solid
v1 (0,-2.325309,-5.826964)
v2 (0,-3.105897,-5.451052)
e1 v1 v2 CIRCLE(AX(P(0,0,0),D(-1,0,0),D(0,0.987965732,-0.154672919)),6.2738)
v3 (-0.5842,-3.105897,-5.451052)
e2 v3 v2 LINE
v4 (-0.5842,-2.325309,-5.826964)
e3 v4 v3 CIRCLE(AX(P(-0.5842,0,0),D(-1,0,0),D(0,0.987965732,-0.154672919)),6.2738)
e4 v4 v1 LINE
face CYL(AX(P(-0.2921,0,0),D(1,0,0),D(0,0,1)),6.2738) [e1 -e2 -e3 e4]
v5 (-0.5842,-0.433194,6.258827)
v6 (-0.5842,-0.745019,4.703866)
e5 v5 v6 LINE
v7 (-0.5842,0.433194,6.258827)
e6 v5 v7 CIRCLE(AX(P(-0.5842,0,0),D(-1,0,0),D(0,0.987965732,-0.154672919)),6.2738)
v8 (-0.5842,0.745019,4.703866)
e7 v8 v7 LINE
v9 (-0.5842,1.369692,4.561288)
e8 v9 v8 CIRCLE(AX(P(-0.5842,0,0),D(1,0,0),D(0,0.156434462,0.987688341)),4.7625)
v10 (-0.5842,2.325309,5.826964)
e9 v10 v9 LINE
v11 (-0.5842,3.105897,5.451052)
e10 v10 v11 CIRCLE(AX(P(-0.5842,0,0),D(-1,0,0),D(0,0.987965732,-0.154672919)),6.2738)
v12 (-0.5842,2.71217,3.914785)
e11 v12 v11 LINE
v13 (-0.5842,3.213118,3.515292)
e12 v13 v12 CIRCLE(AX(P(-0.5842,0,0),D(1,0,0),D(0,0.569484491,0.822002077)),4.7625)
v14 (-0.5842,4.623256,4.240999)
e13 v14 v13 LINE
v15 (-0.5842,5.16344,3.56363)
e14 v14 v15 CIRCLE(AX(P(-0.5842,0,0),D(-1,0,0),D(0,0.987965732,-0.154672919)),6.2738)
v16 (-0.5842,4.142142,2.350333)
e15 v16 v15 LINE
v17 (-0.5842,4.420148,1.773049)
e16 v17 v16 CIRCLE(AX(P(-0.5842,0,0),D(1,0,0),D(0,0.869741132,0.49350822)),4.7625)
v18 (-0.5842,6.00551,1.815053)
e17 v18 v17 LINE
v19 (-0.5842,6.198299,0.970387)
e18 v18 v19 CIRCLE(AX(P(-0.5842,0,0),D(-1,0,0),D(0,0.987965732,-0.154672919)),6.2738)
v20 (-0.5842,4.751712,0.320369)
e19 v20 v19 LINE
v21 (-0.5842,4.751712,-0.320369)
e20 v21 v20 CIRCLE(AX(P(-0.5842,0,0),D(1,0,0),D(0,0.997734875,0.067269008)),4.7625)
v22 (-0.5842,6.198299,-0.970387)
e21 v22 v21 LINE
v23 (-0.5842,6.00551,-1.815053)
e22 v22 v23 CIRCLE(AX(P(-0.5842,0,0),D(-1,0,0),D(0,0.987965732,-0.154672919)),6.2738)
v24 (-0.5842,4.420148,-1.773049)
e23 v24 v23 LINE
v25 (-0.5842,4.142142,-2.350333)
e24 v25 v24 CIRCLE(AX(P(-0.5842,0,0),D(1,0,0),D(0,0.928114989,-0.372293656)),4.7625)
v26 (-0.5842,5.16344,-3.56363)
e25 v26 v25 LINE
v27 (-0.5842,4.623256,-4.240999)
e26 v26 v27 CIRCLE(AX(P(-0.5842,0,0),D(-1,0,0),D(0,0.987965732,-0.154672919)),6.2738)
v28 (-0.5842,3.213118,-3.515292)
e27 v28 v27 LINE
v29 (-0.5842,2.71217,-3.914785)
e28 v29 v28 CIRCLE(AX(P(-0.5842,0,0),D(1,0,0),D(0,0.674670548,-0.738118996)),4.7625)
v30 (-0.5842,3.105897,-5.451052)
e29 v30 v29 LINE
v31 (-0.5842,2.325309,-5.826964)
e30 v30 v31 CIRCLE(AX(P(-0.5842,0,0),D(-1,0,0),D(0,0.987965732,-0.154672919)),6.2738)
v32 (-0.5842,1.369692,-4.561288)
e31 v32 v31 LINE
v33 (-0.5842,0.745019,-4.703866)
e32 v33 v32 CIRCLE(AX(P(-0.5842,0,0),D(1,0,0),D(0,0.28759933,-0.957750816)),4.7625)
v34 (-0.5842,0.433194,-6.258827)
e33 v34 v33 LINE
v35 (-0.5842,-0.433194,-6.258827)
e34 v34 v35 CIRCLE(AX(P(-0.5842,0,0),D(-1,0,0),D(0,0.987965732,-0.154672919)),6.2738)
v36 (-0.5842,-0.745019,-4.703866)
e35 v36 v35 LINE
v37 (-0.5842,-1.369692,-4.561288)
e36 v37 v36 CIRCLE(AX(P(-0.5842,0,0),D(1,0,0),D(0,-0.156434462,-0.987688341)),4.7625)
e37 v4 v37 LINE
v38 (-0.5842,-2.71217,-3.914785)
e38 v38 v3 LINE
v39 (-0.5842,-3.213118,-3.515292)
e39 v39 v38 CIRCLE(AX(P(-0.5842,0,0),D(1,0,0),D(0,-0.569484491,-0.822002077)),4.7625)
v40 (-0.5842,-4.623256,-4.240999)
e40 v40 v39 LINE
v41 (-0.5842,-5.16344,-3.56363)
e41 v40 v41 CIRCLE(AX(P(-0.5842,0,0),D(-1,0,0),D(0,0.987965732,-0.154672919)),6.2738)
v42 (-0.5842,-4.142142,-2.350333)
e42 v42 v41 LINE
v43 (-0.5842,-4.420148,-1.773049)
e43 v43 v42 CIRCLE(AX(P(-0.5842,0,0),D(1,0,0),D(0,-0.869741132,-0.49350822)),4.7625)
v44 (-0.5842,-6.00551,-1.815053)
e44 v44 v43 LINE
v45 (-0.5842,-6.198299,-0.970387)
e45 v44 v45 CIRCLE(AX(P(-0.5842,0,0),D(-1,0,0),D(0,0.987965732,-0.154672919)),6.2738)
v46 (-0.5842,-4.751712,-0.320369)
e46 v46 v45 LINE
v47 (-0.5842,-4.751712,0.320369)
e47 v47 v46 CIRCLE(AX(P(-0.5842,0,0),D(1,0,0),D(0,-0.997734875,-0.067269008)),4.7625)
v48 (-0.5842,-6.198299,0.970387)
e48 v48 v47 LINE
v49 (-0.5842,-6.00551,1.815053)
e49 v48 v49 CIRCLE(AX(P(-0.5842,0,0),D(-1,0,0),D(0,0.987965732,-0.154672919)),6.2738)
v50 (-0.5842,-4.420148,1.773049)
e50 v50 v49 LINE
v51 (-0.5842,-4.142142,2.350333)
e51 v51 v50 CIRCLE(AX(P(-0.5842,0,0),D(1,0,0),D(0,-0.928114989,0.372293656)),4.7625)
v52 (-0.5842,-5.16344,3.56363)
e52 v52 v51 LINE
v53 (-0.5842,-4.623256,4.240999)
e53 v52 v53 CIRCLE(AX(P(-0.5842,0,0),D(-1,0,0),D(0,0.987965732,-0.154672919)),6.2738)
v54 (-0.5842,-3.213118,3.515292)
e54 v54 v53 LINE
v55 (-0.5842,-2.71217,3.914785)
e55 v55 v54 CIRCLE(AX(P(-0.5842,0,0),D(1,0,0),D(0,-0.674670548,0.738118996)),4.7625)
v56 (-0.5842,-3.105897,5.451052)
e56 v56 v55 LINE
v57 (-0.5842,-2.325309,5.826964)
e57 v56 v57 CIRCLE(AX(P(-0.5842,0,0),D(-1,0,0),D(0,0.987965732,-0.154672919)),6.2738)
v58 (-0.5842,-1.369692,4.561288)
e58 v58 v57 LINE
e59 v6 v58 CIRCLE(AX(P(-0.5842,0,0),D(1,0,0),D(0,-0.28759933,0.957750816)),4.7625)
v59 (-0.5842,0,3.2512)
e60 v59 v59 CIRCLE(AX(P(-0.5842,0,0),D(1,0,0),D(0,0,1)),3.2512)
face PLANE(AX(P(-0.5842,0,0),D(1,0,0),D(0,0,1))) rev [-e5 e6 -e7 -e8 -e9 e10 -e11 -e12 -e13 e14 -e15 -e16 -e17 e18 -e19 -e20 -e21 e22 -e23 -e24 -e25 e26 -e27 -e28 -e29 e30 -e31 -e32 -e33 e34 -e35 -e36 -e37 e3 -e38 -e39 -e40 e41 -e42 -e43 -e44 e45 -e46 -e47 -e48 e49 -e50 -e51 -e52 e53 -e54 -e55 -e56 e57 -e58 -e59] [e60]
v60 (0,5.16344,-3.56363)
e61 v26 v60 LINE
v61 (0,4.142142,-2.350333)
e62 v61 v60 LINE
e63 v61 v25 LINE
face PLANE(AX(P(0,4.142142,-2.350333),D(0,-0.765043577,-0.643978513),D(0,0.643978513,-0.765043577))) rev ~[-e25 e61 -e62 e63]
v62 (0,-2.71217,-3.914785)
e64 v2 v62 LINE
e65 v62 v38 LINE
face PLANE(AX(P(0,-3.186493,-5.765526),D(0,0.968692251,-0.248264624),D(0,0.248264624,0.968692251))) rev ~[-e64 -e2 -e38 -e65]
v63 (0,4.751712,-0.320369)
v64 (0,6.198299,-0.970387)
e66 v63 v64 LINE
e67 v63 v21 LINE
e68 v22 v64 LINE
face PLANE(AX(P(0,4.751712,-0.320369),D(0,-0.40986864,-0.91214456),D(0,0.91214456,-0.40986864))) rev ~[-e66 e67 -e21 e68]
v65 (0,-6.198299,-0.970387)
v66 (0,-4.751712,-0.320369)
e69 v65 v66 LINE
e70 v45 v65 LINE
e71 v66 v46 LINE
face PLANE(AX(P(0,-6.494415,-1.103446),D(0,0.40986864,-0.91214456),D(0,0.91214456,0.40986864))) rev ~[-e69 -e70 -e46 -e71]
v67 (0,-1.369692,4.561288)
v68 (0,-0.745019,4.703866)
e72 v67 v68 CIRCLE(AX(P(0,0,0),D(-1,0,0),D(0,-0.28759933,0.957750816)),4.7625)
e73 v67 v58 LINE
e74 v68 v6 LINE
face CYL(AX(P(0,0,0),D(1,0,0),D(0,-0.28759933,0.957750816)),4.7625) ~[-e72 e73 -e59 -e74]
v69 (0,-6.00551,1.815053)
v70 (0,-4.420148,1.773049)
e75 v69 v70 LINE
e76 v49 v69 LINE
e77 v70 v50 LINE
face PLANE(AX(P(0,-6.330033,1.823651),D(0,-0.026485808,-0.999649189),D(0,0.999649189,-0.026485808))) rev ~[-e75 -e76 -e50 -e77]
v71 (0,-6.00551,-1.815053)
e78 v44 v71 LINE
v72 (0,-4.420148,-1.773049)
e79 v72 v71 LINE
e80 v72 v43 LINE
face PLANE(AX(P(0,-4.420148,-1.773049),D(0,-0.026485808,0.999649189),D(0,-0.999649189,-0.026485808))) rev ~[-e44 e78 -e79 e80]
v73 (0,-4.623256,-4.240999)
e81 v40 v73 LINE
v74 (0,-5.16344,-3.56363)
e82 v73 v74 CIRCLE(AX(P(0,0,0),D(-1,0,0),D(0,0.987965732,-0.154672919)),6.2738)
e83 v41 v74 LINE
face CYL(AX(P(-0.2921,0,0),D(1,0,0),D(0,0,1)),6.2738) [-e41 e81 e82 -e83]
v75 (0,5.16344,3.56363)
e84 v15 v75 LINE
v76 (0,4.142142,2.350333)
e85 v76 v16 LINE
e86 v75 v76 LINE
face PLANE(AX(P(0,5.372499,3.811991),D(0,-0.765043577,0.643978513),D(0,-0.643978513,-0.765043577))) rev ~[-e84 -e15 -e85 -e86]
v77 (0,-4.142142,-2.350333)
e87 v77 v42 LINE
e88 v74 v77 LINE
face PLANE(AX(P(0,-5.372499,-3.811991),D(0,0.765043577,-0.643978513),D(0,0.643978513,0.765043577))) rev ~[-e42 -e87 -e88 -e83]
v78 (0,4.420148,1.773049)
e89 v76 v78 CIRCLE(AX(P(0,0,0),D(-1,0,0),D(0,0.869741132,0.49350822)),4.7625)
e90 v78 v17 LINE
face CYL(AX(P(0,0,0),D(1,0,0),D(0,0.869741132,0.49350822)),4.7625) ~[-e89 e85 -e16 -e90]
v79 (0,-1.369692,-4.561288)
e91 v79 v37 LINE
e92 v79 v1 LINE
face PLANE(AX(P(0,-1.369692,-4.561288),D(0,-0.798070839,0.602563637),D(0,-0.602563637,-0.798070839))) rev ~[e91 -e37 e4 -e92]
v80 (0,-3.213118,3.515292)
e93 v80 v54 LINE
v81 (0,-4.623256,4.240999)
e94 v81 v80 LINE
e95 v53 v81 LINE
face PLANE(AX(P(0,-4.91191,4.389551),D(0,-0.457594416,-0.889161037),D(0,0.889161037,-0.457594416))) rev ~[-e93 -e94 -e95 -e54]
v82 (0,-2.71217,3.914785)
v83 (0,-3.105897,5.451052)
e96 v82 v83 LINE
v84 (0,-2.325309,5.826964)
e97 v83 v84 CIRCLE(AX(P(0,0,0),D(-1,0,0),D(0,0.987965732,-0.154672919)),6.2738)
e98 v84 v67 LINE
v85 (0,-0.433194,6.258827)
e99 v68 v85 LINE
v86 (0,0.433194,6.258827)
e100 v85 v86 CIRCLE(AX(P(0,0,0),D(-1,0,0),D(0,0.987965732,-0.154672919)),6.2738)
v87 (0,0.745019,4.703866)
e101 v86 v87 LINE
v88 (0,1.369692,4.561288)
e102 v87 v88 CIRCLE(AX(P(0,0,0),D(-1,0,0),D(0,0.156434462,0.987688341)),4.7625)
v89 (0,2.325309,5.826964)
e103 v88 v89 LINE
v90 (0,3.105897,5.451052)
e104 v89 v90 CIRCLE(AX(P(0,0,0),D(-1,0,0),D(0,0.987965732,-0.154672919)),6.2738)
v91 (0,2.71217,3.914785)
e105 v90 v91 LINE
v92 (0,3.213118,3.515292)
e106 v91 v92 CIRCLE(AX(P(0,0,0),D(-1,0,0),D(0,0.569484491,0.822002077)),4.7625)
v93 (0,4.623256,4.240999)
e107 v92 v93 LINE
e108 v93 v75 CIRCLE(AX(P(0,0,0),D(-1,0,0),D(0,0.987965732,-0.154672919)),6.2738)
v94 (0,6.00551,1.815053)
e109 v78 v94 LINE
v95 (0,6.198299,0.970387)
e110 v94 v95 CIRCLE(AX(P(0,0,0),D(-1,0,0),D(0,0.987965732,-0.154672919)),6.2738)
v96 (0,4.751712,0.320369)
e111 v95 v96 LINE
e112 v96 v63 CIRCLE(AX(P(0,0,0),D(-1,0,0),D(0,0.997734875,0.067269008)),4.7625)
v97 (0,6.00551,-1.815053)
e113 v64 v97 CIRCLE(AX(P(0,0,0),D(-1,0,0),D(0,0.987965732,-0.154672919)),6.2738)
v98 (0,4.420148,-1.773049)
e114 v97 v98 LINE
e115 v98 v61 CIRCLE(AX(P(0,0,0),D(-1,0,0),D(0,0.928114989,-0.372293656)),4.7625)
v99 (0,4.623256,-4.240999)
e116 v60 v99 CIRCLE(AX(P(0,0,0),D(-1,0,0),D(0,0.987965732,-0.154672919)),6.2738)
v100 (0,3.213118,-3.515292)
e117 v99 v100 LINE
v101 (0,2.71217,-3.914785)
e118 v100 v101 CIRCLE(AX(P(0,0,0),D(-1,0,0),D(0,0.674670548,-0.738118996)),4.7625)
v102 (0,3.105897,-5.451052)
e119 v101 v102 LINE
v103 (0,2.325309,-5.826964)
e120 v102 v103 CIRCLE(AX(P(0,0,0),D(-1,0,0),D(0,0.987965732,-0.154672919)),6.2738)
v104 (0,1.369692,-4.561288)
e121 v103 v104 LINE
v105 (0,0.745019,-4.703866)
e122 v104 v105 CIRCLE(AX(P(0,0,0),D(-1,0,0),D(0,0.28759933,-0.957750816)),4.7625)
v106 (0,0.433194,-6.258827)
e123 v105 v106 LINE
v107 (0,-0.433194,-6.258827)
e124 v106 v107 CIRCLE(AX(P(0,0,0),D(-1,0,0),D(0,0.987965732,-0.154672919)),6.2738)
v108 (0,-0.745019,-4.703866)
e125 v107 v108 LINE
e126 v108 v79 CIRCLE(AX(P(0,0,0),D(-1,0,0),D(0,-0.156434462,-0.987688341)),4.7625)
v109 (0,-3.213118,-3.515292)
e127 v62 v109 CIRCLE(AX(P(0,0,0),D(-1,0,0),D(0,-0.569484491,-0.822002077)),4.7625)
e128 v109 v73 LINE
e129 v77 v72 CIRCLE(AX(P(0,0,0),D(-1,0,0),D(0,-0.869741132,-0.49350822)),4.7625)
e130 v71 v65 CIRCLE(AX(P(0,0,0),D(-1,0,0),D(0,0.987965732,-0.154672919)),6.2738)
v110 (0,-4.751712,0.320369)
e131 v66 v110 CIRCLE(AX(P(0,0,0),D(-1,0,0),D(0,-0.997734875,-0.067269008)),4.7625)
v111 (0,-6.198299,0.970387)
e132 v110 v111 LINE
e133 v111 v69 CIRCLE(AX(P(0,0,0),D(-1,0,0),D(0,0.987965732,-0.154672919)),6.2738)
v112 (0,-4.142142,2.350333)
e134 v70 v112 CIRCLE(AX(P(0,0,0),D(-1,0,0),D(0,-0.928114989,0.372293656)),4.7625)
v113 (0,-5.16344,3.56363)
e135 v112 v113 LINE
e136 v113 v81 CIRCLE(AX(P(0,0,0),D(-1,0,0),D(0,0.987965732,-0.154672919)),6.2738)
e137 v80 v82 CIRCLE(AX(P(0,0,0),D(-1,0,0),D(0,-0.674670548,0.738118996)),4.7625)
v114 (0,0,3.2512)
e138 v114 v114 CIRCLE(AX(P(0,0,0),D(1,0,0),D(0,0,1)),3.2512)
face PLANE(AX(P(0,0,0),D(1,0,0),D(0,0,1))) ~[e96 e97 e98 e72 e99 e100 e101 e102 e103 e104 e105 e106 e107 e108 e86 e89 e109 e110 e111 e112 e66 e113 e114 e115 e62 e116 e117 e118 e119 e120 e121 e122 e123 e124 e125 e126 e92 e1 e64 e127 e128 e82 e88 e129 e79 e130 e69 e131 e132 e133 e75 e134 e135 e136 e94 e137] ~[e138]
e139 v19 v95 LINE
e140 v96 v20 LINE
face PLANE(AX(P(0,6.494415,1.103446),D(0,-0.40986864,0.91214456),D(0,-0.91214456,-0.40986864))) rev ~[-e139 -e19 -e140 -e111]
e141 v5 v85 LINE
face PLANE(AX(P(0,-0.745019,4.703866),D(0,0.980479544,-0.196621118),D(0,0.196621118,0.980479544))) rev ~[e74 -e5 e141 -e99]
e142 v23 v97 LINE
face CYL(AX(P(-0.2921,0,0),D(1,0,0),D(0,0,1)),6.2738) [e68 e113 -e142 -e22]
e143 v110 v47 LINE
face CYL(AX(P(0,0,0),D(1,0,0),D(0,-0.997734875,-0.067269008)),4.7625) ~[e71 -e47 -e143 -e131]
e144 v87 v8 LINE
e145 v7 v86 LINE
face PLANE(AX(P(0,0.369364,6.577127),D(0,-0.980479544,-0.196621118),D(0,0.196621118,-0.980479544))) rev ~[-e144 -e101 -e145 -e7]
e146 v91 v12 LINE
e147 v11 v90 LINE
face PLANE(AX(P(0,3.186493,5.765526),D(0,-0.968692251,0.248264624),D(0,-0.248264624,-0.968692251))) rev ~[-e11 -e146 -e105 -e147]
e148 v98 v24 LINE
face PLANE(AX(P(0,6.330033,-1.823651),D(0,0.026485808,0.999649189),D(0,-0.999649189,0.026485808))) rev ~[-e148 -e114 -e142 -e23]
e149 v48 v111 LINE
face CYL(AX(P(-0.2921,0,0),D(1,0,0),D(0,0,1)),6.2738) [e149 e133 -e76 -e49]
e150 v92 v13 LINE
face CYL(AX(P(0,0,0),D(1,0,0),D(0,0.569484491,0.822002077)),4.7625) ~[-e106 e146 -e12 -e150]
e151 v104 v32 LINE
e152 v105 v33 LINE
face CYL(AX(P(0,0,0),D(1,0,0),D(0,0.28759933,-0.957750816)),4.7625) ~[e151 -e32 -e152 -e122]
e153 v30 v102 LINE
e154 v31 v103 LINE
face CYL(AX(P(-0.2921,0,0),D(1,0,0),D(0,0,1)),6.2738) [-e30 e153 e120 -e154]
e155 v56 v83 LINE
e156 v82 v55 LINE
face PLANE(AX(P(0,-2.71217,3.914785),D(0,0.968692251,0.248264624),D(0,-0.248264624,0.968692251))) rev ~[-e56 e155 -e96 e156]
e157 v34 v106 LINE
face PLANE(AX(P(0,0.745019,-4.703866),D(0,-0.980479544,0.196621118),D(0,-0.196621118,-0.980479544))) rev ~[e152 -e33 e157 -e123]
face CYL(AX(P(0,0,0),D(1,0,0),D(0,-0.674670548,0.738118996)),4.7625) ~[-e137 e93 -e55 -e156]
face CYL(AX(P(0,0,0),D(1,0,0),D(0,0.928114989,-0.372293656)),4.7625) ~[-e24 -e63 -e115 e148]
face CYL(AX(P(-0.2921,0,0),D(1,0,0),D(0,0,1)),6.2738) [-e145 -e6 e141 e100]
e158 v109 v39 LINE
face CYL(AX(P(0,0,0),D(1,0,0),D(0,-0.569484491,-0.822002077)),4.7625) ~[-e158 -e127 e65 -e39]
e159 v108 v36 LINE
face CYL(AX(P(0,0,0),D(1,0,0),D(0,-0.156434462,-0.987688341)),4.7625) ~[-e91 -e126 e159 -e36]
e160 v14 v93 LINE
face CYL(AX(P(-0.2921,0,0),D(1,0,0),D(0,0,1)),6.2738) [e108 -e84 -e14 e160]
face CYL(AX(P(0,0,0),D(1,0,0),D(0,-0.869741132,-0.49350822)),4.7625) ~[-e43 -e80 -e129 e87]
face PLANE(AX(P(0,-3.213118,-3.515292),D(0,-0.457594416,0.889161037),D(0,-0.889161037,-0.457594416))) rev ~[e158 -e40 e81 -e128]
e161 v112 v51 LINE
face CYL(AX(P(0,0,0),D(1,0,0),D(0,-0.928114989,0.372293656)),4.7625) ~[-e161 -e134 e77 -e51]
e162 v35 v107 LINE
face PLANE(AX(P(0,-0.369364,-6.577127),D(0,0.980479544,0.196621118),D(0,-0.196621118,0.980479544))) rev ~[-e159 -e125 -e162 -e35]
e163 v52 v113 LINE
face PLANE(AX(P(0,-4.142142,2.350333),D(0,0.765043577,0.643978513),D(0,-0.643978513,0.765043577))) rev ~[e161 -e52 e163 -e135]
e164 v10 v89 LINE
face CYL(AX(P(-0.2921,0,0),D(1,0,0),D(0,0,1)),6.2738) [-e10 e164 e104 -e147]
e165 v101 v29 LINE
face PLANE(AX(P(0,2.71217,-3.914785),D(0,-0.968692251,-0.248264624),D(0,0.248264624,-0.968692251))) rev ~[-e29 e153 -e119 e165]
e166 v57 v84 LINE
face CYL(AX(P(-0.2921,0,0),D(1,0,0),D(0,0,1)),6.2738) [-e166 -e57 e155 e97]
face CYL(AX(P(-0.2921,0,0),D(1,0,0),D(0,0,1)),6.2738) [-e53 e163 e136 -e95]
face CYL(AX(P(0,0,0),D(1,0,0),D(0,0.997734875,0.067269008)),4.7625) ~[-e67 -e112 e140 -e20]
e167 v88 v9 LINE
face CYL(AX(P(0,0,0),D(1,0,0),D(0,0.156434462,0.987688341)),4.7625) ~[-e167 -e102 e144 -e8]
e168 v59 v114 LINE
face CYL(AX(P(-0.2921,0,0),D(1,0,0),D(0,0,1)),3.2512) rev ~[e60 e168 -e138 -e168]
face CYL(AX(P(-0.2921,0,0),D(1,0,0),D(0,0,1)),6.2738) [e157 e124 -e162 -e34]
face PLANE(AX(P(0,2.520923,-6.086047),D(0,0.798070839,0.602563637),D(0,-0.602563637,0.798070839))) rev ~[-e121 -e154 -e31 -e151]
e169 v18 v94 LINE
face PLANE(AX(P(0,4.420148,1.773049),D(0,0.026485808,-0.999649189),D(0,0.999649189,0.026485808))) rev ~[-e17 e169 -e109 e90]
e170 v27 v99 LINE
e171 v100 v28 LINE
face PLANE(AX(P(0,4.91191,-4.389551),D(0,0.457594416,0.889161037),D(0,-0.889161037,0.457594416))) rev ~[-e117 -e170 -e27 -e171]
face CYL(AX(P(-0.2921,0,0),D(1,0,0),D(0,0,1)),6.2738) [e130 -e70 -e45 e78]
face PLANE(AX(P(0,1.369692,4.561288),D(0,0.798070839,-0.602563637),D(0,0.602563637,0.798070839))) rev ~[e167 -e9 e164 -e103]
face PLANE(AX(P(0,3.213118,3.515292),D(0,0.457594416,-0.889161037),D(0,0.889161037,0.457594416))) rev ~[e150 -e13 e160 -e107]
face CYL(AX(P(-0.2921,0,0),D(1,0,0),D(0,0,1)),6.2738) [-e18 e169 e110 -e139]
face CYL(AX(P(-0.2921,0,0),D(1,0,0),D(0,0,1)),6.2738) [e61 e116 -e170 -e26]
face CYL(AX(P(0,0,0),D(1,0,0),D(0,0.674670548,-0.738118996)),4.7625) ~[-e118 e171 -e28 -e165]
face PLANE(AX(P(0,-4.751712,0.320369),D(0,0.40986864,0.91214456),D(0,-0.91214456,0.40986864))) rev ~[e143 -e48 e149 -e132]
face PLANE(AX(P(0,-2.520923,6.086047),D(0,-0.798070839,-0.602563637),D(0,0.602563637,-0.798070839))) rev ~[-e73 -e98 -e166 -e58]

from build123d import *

# Parameters (mm, degrees)
SECSKE_W      = 0.5842
SECSKE_H      = 3.0226
EXTCUT_DEPTH  = 9.891705265
EXTCUTS_COUNT = 14
EXTCUTS_ANGLE = 334.285714286


with BuildPart() as part:
    # SecSke → Body (revolve)
    with BuildSketch(Plane.XY, mode=Mode.PRIVATE) as body_sk:
        with Locations((-0.2921, 4.7625)):
            Rectangle(SECSKE_W, SECSKE_H)
    revolve(body_sk.sketch.rotate(Axis((-34.925, 0, 0), (1, 0, 0)), 90), axis=Axis((-34.925, 0, 0), (1, 0, 0)))

    # ExtCutSke → ExtCut (cut, through all)
    with BuildSketch(Plane(origin=(0, 0, 0), x_dir=(0, 0, -1), z_dir=(1, 0, 0))):
        with BuildLine():
            Line((-1.103445571, 6.494415476), (-0.320368639, 4.751712342))
            ThreePointArc((-0.320368639, 4.751712342), (0, 4.7625), (0.320368639, 4.751712342))
            Line((0.320368639, 4.751712342), (1.103445571, 6.494415476))
            ThreePointArc((1.103445571, 6.494415476), (0, 6.58749), (-1.103445571, 6.494415476))
        make_face()
    extcut = extrude(amount=-EXTCUT_DEPTH, mode=Mode.SUBTRACT)

    # ExtCuts: ExtCut ×14 about axis
    extcuts_axis = Axis((-34.925, 0, 0), (1, 0, 0))
    for i in range(1, EXTCUTS_COUNT):
        add(extcut.rotate(extcuts_axis, i * EXTCUTS_ANGLE / (EXTCUTS_COUNT - 1)), mode=Mode.SUBTRACT)


solid = part.part
